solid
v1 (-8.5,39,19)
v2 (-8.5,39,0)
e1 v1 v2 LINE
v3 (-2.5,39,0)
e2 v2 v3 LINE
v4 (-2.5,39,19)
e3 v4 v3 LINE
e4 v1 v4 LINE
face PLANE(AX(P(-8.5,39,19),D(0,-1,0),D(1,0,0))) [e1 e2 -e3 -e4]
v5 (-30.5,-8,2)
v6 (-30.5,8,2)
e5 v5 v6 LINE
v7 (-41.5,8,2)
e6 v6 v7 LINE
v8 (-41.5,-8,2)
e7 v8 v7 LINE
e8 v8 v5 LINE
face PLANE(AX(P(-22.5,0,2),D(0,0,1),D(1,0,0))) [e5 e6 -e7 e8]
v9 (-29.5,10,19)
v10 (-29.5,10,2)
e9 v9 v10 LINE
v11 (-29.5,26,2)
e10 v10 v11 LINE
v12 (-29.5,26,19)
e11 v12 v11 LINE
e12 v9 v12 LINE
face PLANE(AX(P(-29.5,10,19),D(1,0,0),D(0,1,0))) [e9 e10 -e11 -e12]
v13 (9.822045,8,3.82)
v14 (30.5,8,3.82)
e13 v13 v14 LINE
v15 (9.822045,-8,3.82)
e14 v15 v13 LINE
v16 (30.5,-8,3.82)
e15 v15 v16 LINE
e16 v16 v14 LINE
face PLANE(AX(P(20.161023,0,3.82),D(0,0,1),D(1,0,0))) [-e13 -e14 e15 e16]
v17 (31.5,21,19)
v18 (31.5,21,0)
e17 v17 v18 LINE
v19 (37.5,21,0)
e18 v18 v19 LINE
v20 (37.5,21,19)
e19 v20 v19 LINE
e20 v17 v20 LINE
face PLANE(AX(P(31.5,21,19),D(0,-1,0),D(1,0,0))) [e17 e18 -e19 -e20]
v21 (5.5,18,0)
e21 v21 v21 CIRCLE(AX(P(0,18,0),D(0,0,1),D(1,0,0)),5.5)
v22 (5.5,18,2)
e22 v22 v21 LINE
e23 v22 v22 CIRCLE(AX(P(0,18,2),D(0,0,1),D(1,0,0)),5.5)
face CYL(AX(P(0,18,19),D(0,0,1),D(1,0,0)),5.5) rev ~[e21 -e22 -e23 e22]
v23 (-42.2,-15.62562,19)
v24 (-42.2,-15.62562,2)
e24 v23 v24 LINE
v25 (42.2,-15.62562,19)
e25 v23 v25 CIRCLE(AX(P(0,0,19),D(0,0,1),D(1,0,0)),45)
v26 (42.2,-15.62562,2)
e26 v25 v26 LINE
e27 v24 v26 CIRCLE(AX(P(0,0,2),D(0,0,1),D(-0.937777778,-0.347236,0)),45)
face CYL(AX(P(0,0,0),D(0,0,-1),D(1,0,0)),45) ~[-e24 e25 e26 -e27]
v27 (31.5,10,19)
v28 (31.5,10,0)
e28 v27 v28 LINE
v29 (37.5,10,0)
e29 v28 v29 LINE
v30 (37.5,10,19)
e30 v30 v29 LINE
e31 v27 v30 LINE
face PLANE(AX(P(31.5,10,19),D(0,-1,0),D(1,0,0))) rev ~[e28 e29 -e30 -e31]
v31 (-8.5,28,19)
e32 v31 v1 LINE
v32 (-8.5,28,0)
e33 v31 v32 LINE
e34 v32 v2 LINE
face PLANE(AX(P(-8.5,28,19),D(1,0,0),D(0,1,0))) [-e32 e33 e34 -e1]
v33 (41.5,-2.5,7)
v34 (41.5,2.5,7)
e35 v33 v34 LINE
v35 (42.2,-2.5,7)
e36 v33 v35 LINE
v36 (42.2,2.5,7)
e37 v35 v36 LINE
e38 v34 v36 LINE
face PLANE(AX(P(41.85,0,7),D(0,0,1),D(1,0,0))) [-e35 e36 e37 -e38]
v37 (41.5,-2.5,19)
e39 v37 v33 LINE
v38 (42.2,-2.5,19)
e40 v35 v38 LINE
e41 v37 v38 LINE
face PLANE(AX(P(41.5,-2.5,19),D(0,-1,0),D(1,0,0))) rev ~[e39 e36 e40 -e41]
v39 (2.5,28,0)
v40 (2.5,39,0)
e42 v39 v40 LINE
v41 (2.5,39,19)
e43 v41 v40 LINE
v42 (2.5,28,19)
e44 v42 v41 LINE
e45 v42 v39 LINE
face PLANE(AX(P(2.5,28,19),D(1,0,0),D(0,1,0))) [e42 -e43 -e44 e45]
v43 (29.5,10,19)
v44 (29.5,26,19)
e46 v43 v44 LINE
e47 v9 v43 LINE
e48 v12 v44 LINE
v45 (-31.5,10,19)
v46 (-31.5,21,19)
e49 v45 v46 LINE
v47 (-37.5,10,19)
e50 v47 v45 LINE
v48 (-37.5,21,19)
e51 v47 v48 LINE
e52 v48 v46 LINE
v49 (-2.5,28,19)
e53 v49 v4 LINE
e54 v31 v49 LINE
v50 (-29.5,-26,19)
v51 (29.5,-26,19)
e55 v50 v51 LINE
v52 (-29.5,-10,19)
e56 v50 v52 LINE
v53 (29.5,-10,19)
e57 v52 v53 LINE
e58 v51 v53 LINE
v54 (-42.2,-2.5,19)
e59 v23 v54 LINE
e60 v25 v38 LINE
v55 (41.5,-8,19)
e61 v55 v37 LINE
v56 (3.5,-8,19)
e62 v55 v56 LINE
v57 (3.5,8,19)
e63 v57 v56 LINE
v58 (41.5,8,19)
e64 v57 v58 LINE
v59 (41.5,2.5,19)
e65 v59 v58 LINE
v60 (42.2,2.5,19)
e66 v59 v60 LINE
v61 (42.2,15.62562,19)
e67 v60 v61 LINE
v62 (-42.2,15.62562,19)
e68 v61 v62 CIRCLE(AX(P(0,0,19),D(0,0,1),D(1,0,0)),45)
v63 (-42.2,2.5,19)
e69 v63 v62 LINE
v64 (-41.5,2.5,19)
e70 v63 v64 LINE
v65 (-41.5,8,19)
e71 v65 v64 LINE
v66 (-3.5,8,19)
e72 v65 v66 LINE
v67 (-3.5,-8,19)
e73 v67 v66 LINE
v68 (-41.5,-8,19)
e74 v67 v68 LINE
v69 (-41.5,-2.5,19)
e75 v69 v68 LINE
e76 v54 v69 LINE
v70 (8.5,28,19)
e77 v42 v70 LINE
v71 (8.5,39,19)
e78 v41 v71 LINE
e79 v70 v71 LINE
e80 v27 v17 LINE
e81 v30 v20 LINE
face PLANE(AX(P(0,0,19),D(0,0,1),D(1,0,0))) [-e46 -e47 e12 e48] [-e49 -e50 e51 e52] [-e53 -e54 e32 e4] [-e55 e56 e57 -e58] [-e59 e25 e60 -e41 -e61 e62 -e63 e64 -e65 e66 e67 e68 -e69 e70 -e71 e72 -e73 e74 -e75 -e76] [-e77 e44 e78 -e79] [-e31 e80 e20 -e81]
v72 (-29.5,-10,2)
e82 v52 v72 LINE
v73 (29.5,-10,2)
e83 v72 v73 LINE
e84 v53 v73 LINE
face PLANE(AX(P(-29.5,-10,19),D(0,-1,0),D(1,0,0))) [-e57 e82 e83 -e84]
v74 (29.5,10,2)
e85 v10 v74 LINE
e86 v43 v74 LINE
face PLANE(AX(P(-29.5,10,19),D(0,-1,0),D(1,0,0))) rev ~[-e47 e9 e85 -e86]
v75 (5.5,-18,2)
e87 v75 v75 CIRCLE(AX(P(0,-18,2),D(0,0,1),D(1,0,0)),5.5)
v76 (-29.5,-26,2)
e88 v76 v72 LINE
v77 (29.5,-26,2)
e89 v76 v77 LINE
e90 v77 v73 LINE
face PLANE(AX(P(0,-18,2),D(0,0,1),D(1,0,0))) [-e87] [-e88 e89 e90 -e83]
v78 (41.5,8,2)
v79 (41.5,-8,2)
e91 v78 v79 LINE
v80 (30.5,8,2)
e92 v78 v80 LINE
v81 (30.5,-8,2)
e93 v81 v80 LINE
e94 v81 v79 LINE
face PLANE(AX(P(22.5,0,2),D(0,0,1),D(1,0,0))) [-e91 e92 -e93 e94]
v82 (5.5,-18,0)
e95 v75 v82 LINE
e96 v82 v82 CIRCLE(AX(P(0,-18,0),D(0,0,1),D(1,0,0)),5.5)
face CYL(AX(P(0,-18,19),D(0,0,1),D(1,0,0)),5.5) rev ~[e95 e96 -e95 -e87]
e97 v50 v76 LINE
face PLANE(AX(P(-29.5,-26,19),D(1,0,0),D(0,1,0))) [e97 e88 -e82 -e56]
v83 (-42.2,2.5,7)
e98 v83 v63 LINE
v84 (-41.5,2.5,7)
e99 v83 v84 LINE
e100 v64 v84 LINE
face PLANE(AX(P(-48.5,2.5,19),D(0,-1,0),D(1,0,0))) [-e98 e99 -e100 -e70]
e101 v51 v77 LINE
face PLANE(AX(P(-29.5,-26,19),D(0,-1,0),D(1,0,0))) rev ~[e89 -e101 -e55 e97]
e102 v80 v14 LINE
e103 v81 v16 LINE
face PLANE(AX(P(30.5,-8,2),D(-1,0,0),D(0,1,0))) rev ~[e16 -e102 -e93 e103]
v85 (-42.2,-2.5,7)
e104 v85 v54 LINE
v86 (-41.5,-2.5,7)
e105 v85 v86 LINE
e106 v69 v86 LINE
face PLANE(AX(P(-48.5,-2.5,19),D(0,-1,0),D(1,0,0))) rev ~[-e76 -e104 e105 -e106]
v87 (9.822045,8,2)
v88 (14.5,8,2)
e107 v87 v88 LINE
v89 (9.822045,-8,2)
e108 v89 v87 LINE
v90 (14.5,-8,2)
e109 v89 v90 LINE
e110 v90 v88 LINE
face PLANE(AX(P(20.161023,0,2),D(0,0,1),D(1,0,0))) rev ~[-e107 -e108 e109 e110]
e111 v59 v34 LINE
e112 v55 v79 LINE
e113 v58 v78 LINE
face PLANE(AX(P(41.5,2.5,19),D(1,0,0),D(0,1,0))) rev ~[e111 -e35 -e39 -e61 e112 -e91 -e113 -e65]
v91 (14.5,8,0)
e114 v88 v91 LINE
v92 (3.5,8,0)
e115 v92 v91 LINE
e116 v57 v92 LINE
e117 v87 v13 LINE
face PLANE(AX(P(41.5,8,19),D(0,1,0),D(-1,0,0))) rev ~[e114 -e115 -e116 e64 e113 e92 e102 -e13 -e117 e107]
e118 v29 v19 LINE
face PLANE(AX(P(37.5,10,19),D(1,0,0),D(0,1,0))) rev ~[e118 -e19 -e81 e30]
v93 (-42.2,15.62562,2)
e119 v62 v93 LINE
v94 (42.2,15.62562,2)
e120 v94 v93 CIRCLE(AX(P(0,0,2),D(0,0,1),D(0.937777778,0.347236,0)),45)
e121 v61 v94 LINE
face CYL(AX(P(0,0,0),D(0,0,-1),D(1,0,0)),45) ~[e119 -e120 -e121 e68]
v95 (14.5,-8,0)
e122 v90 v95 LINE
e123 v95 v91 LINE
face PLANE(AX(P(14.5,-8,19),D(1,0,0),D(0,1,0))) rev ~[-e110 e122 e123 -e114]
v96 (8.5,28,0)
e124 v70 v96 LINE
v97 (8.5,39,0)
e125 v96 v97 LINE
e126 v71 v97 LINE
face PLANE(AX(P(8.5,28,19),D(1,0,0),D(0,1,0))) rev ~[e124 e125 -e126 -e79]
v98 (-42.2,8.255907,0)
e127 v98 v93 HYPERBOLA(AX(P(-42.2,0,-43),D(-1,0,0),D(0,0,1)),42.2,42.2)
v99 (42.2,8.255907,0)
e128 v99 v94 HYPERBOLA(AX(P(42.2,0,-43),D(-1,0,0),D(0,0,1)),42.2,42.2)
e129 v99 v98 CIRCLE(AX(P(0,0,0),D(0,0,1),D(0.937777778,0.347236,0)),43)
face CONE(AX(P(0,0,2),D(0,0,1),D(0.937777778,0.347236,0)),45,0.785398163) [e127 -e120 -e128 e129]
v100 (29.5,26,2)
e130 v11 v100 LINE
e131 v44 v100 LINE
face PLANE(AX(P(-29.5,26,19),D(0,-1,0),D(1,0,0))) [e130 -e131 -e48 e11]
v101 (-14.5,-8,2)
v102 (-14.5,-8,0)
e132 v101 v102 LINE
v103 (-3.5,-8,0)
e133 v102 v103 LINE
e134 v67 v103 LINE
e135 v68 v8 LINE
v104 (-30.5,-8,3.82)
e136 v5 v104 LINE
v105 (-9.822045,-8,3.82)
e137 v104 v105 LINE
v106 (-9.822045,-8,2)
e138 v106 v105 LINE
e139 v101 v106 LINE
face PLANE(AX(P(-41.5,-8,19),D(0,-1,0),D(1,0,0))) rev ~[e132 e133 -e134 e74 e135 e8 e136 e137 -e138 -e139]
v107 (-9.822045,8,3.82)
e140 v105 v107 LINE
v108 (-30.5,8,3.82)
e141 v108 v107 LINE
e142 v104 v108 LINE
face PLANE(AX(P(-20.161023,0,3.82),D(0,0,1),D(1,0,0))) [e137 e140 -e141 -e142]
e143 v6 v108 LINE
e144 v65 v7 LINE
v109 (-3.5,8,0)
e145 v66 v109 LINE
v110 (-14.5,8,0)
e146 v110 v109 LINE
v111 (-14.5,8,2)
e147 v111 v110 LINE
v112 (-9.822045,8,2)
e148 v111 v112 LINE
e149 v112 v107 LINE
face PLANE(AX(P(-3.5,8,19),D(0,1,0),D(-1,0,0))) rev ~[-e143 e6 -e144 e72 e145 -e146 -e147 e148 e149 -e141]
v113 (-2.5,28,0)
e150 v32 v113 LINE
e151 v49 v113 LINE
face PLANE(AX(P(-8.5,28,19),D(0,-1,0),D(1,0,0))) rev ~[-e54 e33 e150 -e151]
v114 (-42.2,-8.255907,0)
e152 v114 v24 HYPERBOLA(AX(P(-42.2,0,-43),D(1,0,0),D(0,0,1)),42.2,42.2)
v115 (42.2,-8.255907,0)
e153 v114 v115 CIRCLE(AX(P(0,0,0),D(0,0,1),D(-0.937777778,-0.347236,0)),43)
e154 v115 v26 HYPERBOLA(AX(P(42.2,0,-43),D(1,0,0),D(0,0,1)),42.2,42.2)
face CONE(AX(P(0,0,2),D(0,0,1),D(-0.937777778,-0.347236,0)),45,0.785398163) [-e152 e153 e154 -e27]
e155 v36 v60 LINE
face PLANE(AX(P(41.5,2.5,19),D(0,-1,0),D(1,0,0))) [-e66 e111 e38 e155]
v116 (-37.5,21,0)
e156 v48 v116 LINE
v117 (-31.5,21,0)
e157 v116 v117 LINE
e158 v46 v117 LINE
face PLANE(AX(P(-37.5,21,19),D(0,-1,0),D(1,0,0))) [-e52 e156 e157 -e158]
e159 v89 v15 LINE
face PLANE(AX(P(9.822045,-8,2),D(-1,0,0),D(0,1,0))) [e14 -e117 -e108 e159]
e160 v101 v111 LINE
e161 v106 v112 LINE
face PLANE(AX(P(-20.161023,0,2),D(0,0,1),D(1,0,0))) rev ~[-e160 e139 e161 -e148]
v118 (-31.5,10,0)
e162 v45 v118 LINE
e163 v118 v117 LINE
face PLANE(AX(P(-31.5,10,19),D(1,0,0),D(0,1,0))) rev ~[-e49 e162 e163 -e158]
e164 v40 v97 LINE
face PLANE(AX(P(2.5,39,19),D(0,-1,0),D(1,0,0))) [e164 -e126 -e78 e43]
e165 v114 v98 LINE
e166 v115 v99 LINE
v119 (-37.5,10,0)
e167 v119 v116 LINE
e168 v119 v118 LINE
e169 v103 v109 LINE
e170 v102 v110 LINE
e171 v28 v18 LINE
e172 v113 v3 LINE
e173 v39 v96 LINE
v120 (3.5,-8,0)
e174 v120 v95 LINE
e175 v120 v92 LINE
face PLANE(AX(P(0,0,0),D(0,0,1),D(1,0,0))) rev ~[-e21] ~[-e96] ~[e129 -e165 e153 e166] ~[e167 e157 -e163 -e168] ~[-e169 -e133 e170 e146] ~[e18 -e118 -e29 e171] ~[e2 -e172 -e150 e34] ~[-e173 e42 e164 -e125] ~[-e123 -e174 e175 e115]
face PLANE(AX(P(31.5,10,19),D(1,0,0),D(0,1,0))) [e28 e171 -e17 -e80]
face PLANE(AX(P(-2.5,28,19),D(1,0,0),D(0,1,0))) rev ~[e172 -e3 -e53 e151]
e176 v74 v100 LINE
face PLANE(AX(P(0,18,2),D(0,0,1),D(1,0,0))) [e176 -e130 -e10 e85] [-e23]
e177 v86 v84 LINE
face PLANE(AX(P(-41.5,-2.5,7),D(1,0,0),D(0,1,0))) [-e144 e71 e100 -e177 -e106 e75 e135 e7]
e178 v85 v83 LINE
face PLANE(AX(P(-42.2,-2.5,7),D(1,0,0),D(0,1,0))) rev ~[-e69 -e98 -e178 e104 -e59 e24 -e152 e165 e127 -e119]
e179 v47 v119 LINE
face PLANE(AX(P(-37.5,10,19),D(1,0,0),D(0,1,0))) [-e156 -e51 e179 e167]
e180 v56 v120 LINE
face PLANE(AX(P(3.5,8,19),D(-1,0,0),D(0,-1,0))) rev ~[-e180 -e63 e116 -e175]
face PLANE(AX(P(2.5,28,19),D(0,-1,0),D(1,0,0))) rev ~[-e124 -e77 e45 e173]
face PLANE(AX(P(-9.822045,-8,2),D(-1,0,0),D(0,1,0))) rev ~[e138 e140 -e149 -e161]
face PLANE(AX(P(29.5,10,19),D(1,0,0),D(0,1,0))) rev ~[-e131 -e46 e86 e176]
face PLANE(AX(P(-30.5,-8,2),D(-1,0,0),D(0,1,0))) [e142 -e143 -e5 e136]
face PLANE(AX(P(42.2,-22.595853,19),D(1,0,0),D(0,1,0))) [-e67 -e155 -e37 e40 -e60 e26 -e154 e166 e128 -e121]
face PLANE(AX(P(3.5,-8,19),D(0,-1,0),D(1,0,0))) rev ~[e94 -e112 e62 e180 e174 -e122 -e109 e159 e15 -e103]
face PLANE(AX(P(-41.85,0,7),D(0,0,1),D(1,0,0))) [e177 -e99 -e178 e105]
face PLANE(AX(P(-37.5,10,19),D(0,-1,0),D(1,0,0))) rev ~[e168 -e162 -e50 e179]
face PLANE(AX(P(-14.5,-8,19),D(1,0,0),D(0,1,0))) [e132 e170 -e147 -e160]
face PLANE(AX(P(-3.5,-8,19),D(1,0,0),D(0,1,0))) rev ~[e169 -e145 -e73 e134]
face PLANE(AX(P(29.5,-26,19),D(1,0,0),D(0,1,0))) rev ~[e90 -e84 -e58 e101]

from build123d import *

# Parameters (mm, degrees)
F0_R     = 45
F1_DEPTH = 19
F2_W     = 7
F2_H     = 5
F2_W_2   = 59
F2_H_2   = 16
F3_DEPTH = 17
F4_W     = 6
F4_H     = 11
F4_W_2   = 11
F4_H_2   = 16
F4_W_3   = 10.7800960541
F4_H_3   = 45.1917052269
F4_R     = 5.5
F5_DEPTH = 19.001
F7_START = -12
F6_W     = 0.7
F6_H     = 5
F7_DEPTH = 5
F8_W     = 20.6779545471
F8_H     = 16
F9_DEPTH = 1.82
F10_SIZE = 2


with BuildPart() as f1:
    # F0 (on Top) → F1 (new body)
    with BuildSketch(Plane.XY):
        Circle(F0_R)
    extrude(amount=F1_DEPTH)

    # F2 (on face) → F3 (cut)
    with BuildSketch(Plane.XY.offset(19)):
        Polygon((41.5, 2.5), (41.5, 8), (3.5, 8), (3.5, -8), (41.5, -8), (41.5, -2.5), align=None)
        with Locations((45, 0)):
            Rectangle(F2_W, F2_H)
        with Locations((0, 18)):
            Rectangle(F2_W_2, F2_H_2)
        with Locations((0, -18)):
            Rectangle(F2_W_2, F2_H_2)
        Polygon((-3.5, 8), (-41.5, 8), (-41.5, 2.5), (-41.5, -2.5), (-41.5, -8), (-3.5, -8), align=None)
        with Locations((-45, 0)):
            Rectangle(F2_W, F2_H)
    extrude(amount=-F3_DEPTH, mode=Mode.SUBTRACT)

    # F4 (on face) → F5 (cut, through all)
    with BuildSketch(Plane.XY.offset(19)):
        with Locations((-34.5, 15.5)):
            Rectangle(F4_W, F4_H)
        with Locations((34.5, 15.5)):
            Rectangle(F4_W, F4_H)
        with Locations((-5.5, 33.5)):
            Rectangle(F4_W, F4_H)
        with Locations((5.5, 33.5)):
            Rectangle(F4_W, F4_H)
        with Locations((-9, 0)):
            Rectangle(F4_W_2, F4_H_2)
        with Locations((9, 0)):
            Rectangle(F4_W_2, F4_H_2)
        with Locations((-47.590048027, 0)):
            Rectangle(F4_W_3, F4_H_3)
        with Locations((47.590048027, 0)):
            Rectangle(F4_W_3, F4_H_3)
        with Locations((0, 18)):
            Circle(F4_R)
        with Locations((0, -18)):
            Circle(F4_R)
    extrude(amount=-F5_DEPTH, mode=Mode.SUBTRACT)

    # F6 (on face) → F7 (join)
    with BuildSketch(Plane.XY.offset(19).offset(F7_START)):
        with Locations((-41.85, 0)):
            Rectangle(F6_W, F6_H)
        with Locations((41.85, 0)):
            Rectangle(F6_W, F6_H)
    extrude(amount=-F7_DEPTH)

    # F8 (on face) → F9 (join)
    with BuildSketch(Plane.XY.offset(2)):
        with Locations((-20.1610227264, 0)):
            Rectangle(F8_W, F8_H)
        with Locations((20.1610227264, 0)):
            Rectangle(F8_W, F8_H)
    extrude(amount=F9_DEPTH)

    # F10
    f10_edges = [f1.edges().sort_by_distance(p)[0] for p in [
        (0, -45, 0),
        (0, 45, 0),
    ]]
    chamfer(f10_edges, length=F10_SIZE)


solid = f1.part
